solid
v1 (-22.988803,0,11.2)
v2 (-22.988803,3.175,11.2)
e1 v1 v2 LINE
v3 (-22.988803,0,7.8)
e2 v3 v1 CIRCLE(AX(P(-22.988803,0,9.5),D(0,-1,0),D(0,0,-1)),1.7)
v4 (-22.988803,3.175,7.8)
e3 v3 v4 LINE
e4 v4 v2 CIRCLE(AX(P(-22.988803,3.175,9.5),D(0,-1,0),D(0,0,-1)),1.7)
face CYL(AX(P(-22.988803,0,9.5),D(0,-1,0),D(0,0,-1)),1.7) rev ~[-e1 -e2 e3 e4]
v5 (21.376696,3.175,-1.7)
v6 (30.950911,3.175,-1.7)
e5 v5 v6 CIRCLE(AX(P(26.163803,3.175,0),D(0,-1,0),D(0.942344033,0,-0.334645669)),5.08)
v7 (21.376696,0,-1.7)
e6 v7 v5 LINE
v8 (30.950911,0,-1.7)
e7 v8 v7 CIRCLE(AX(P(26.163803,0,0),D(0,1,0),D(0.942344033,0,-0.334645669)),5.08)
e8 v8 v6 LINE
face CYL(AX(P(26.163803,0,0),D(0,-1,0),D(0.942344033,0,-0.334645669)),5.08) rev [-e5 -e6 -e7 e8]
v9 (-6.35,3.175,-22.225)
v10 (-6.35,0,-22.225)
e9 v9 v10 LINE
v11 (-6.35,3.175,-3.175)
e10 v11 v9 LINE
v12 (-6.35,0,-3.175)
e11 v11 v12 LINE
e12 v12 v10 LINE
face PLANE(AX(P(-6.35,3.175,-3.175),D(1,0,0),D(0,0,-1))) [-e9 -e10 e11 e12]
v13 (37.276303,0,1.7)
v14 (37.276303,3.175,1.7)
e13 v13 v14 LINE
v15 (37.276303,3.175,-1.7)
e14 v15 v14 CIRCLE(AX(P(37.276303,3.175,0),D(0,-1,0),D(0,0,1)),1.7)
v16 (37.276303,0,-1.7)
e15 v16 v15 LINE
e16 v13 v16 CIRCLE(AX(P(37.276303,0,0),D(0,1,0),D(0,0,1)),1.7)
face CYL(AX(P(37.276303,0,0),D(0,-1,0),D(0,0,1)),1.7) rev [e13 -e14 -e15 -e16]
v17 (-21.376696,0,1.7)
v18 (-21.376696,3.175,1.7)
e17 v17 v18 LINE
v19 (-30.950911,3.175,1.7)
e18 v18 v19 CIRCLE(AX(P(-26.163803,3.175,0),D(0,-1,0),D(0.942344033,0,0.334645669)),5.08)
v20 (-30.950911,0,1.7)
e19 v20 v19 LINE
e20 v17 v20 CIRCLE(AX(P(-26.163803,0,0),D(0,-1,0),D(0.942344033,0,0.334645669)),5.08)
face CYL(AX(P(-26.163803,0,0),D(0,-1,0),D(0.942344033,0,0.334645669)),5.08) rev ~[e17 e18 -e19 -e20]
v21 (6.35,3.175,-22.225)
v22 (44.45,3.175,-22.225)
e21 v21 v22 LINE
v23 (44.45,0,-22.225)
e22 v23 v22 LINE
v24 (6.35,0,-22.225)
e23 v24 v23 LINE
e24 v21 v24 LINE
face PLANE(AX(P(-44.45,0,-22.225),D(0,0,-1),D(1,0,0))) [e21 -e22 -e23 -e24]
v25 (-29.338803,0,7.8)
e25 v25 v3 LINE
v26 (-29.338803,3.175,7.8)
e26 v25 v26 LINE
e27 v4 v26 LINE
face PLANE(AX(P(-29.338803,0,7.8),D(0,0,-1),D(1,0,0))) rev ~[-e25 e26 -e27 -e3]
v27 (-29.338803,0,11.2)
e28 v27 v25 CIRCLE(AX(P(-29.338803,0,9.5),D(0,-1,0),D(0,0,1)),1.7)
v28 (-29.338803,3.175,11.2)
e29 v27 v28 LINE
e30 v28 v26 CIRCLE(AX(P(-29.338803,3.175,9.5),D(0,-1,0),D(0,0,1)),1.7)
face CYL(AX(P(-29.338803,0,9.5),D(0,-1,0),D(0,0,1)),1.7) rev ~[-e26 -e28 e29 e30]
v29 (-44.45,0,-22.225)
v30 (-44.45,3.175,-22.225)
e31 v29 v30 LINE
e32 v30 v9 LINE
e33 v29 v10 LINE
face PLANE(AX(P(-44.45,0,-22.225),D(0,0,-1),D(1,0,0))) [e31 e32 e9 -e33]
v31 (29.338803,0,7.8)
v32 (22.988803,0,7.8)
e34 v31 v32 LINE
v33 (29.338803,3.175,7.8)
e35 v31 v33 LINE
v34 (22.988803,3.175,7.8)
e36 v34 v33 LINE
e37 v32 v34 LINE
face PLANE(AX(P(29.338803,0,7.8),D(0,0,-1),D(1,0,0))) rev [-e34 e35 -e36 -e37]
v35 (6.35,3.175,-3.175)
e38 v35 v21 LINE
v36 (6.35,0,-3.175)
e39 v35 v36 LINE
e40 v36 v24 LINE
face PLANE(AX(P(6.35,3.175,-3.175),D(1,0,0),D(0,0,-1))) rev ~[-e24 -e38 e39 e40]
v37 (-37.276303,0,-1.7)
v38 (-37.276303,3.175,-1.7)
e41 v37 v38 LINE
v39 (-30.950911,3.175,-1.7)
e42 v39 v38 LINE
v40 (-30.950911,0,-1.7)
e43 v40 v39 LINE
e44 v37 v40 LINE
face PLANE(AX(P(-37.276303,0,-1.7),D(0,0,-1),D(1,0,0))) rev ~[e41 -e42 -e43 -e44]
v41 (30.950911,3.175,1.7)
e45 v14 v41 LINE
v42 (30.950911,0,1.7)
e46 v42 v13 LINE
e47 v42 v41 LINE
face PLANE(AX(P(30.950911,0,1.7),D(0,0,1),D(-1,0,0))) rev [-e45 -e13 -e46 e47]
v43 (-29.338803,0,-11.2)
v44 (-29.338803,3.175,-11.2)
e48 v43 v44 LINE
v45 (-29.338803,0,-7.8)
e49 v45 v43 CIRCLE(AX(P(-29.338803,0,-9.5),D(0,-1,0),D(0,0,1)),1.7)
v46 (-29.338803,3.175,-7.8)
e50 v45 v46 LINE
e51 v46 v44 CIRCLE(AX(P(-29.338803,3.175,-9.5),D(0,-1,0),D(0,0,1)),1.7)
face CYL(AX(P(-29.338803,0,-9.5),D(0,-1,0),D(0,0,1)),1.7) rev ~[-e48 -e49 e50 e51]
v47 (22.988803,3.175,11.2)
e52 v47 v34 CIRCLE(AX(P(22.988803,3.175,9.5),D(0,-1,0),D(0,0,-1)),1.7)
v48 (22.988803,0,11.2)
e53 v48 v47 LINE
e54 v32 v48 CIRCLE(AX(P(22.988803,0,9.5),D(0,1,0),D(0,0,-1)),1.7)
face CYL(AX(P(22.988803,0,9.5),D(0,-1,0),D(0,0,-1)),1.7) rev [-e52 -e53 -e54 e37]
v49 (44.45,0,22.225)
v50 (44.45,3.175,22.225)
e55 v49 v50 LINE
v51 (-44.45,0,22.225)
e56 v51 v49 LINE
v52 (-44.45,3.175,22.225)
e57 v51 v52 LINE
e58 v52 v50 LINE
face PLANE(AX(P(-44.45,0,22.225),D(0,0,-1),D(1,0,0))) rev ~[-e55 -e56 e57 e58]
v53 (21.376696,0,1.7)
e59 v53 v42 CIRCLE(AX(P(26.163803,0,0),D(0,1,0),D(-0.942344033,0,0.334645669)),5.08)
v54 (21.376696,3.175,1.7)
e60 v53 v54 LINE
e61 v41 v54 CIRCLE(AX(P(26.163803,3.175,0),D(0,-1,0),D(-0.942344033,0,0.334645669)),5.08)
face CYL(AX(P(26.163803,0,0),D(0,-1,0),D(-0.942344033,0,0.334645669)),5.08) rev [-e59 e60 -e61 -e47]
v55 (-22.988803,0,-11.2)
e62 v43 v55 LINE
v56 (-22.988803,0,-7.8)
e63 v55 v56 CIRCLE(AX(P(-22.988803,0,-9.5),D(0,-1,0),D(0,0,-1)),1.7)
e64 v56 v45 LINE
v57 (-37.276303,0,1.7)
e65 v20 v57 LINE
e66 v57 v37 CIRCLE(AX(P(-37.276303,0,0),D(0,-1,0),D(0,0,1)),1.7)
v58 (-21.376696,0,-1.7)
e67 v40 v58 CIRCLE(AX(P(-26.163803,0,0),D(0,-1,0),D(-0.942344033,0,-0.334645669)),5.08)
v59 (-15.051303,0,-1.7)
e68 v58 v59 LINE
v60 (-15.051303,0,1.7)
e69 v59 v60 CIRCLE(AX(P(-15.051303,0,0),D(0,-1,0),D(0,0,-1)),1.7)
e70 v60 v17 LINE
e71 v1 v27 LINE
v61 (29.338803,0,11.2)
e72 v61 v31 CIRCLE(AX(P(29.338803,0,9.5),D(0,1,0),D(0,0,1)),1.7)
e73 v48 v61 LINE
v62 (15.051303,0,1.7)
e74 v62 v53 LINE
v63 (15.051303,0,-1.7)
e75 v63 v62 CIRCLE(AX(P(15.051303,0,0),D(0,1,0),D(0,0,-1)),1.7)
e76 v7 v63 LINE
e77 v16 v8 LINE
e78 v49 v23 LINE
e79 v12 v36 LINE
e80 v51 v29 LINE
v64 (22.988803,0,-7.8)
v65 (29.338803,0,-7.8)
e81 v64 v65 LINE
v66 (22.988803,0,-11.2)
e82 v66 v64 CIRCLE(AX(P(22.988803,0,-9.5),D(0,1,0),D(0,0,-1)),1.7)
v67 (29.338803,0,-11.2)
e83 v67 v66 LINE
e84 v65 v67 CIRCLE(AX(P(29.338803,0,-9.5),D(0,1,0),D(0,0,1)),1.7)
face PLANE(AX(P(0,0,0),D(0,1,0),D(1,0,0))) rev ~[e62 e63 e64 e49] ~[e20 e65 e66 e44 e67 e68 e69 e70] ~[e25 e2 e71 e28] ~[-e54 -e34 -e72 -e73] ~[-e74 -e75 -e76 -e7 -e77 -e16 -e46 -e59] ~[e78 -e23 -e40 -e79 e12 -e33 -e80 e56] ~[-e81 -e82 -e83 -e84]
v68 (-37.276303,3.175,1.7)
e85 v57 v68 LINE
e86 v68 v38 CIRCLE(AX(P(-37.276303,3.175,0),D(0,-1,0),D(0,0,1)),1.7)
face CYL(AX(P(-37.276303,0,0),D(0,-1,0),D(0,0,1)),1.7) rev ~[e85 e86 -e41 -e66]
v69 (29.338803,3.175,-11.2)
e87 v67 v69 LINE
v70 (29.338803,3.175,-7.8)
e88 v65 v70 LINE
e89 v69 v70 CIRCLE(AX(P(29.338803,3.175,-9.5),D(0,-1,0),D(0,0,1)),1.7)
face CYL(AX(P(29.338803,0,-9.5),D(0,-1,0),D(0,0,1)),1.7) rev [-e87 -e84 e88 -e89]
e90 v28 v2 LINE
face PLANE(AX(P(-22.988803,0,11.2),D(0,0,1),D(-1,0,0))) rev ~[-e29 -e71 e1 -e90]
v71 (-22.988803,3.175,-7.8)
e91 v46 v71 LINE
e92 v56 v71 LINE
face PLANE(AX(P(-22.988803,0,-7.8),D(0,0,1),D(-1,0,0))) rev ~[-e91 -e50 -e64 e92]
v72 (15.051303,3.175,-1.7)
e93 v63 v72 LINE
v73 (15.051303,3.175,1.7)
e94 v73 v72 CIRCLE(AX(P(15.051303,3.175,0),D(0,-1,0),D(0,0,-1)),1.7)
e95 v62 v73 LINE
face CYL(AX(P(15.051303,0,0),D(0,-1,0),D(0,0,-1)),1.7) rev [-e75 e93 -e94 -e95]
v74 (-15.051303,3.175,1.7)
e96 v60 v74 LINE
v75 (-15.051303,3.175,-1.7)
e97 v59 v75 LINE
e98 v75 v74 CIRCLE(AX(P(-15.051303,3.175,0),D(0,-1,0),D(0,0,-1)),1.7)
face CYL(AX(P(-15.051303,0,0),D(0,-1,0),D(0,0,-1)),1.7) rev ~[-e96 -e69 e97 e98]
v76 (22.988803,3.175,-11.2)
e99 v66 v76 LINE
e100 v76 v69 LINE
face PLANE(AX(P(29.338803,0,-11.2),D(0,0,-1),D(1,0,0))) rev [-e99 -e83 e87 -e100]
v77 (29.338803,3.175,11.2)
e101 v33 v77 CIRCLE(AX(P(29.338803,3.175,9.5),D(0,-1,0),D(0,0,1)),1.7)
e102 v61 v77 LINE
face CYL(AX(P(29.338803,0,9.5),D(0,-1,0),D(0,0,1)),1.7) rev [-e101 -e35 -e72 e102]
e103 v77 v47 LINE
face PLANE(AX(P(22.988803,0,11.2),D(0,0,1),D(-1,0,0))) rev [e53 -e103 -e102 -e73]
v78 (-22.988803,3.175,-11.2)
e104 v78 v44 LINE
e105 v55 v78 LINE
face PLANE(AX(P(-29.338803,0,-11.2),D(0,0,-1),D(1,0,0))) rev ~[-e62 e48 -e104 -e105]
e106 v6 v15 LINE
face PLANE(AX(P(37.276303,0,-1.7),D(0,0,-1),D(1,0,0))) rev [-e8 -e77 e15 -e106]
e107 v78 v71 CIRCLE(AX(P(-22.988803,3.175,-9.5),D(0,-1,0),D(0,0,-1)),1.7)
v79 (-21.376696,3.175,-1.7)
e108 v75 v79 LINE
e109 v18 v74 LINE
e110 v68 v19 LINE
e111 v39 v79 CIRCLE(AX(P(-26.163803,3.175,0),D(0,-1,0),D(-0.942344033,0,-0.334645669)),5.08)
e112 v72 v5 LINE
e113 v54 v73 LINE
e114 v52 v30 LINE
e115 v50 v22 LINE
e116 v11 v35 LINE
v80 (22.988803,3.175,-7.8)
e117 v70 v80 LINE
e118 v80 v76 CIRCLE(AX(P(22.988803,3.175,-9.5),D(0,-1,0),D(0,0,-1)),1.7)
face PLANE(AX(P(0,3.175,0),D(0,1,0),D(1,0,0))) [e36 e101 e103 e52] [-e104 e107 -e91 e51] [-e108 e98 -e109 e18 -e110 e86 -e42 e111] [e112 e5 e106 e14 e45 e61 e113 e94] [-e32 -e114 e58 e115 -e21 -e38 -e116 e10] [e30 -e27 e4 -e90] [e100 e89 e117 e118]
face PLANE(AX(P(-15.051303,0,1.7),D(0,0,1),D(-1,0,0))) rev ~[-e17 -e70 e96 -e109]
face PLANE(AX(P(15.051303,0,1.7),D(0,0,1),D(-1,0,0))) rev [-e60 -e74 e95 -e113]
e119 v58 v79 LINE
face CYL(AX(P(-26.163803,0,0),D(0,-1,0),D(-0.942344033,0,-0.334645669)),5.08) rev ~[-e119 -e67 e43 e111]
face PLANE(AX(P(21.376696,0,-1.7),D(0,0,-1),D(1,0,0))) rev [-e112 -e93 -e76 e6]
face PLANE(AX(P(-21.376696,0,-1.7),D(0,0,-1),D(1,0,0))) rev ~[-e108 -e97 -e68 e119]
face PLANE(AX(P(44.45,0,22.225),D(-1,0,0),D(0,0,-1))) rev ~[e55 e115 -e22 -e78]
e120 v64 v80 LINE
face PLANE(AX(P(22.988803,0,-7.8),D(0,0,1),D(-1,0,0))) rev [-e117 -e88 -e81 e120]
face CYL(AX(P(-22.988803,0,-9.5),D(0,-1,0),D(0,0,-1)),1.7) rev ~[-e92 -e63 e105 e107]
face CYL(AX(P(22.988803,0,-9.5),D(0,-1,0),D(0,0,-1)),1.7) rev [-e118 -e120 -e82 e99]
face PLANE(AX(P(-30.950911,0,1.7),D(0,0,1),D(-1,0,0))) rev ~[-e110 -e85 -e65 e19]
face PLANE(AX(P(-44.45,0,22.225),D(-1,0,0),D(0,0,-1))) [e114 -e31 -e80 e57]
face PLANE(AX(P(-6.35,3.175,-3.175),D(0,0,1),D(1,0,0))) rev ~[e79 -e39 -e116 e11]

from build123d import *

# Parameters (mm, degrees)
SKETCH1_W           = 88.9
SKETCH1_H           = 44.45
BOSS_EXTRUDE1_DEPTH = 3.175
CUT_EXTRUDE1_DEPTH  = 50.797929174
SKETCH7_W           = 12.7
SKETCH7_H           = 19.05
CUT_EXTRUDE2_DEPTH  = 50.797929174


with BuildPart() as part:
    # Sketch1 → Boss-Extrude1 (new body)
    with BuildSketch(Plane(origin=(0, 0, 0), x_dir=(1, 0, 0), z_dir=(0, 1, 0))):
        Rectangle(SKETCH1_W, SKETCH1_H)
    extrude(amount=BOSS_EXTRUDE1_DEPTH)

    # Sketch3 → Cut-Extrude1 (cut, through all)
    with BuildSketch(Plane.XZ):
        with BuildLine():
            Line((-22.9888034, 11.2), (-29.3388034, 11.2))
            ThreePointArc((-29.3388034, 11.2), (-31.0388034, 9.5), (-29.3388034, 7.8))
            Line((-29.3388034, 7.8), (-22.9888034, 7.8))
            ThreePointArc((-22.9888034, 7.8), (-21.2888034, 9.5), (-22.9888034, 11.2))
        make_face()
        with BuildLine():
            Line((-30.950911086, 1.7), (-37.2763034, 1.7))
            ThreePointArc((-37.2763034, 1.7), (-38.9763034, 0), (-37.2763034, -1.7))
            Line((-37.2763034, -1.7), (-30.950911086, -1.7))
            ThreePointArc((-30.950911086, -1.7), (-31.2438034, 0), (-30.950911086, 1.7))
        make_face()
        with BuildLine():
            Line((-21.376695714, 1.7), (-30.950911086, 1.7))
            ThreePointArc((-30.950911086, 1.7), (-31.2438034, 0), (-30.950911086, -1.7))
            Line((-30.950911086, -1.7), (-21.376695714, -1.7))
            ThreePointArc((-21.376695714, -1.7), (-21.157561943, -0.86252332), (-21.0838034, 0))
            ThreePointArc((-21.0838034, 0), (-21.157561943, 0.86252332), (-21.376695714, 1.7))
        make_face()
        with BuildLine():
            ThreePointArc((-21.376695714, 1.7), (-26.1638034, 5.08), (-30.950911086, 1.7))
            Line((-30.950911086, 1.7), (-21.376695714, 1.7))
        make_face()
        with BuildLine():
            Line((-15.0513034, 1.7), (-21.376695714, 1.7))
            ThreePointArc((-21.376695714, 1.7), (-21.157561943, 0.86252332), (-21.0838034, 0))
            ThreePointArc((-21.0838034, 0), (-21.157561943, -0.86252332), (-21.376695714, -1.7))
            Line((-21.376695714, -1.7), (-15.0513034, -1.7))
            ThreePointArc((-15.0513034, -1.7), (-13.3513034, 0), (-15.0513034, 1.7))
        make_face()
        with BuildLine():
            Line((-21.376695714, -1.7), (-30.950911086, -1.7))
            ThreePointArc((-30.950911086, -1.7), (-26.1638034, -5.08), (-21.376695714, -1.7))
        make_face()
        with BuildLine():
            Line((-29.3388034, -11.2), (-22.9888034, -11.2))
            ThreePointArc((-22.9888034, -11.2), (-21.2888034, -9.5), (-22.9888034, -7.8))
            Line((-22.9888034, -7.8), (-29.3388034, -7.8))
            ThreePointArc((-29.3388034, -7.8), (-31.0388034, -9.5), (-29.3388034, -11.2))
        make_face()
    cut_extrude1 = extrude(amount=-CUT_EXTRUDE1_DEPTH, mode=Mode.SUBTRACT)

    # Mirror1: Cut-Extrude1 across plane
    add(cut_extrude1.mirror(Plane(origin=(0, 0, 0), x_dir=(0, 0, 1), z_dir=(1, 0, 0))), mode=Mode.SUBTRACT)

    # Sketch7 → Cut-Extrude2 (cut, through all)
    with BuildSketch(Plane(origin=(0, 3.175, 0), x_dir=(1, 0, 0), z_dir=(0, 1, 0))):
        with Locations((0, 12.7)):
            Rectangle(SKETCH7_W, SKETCH7_H)
    extrude(amount=-CUT_EXTRUDE2_DEPTH, mode=Mode.SUBTRACT)


solid = part.part
